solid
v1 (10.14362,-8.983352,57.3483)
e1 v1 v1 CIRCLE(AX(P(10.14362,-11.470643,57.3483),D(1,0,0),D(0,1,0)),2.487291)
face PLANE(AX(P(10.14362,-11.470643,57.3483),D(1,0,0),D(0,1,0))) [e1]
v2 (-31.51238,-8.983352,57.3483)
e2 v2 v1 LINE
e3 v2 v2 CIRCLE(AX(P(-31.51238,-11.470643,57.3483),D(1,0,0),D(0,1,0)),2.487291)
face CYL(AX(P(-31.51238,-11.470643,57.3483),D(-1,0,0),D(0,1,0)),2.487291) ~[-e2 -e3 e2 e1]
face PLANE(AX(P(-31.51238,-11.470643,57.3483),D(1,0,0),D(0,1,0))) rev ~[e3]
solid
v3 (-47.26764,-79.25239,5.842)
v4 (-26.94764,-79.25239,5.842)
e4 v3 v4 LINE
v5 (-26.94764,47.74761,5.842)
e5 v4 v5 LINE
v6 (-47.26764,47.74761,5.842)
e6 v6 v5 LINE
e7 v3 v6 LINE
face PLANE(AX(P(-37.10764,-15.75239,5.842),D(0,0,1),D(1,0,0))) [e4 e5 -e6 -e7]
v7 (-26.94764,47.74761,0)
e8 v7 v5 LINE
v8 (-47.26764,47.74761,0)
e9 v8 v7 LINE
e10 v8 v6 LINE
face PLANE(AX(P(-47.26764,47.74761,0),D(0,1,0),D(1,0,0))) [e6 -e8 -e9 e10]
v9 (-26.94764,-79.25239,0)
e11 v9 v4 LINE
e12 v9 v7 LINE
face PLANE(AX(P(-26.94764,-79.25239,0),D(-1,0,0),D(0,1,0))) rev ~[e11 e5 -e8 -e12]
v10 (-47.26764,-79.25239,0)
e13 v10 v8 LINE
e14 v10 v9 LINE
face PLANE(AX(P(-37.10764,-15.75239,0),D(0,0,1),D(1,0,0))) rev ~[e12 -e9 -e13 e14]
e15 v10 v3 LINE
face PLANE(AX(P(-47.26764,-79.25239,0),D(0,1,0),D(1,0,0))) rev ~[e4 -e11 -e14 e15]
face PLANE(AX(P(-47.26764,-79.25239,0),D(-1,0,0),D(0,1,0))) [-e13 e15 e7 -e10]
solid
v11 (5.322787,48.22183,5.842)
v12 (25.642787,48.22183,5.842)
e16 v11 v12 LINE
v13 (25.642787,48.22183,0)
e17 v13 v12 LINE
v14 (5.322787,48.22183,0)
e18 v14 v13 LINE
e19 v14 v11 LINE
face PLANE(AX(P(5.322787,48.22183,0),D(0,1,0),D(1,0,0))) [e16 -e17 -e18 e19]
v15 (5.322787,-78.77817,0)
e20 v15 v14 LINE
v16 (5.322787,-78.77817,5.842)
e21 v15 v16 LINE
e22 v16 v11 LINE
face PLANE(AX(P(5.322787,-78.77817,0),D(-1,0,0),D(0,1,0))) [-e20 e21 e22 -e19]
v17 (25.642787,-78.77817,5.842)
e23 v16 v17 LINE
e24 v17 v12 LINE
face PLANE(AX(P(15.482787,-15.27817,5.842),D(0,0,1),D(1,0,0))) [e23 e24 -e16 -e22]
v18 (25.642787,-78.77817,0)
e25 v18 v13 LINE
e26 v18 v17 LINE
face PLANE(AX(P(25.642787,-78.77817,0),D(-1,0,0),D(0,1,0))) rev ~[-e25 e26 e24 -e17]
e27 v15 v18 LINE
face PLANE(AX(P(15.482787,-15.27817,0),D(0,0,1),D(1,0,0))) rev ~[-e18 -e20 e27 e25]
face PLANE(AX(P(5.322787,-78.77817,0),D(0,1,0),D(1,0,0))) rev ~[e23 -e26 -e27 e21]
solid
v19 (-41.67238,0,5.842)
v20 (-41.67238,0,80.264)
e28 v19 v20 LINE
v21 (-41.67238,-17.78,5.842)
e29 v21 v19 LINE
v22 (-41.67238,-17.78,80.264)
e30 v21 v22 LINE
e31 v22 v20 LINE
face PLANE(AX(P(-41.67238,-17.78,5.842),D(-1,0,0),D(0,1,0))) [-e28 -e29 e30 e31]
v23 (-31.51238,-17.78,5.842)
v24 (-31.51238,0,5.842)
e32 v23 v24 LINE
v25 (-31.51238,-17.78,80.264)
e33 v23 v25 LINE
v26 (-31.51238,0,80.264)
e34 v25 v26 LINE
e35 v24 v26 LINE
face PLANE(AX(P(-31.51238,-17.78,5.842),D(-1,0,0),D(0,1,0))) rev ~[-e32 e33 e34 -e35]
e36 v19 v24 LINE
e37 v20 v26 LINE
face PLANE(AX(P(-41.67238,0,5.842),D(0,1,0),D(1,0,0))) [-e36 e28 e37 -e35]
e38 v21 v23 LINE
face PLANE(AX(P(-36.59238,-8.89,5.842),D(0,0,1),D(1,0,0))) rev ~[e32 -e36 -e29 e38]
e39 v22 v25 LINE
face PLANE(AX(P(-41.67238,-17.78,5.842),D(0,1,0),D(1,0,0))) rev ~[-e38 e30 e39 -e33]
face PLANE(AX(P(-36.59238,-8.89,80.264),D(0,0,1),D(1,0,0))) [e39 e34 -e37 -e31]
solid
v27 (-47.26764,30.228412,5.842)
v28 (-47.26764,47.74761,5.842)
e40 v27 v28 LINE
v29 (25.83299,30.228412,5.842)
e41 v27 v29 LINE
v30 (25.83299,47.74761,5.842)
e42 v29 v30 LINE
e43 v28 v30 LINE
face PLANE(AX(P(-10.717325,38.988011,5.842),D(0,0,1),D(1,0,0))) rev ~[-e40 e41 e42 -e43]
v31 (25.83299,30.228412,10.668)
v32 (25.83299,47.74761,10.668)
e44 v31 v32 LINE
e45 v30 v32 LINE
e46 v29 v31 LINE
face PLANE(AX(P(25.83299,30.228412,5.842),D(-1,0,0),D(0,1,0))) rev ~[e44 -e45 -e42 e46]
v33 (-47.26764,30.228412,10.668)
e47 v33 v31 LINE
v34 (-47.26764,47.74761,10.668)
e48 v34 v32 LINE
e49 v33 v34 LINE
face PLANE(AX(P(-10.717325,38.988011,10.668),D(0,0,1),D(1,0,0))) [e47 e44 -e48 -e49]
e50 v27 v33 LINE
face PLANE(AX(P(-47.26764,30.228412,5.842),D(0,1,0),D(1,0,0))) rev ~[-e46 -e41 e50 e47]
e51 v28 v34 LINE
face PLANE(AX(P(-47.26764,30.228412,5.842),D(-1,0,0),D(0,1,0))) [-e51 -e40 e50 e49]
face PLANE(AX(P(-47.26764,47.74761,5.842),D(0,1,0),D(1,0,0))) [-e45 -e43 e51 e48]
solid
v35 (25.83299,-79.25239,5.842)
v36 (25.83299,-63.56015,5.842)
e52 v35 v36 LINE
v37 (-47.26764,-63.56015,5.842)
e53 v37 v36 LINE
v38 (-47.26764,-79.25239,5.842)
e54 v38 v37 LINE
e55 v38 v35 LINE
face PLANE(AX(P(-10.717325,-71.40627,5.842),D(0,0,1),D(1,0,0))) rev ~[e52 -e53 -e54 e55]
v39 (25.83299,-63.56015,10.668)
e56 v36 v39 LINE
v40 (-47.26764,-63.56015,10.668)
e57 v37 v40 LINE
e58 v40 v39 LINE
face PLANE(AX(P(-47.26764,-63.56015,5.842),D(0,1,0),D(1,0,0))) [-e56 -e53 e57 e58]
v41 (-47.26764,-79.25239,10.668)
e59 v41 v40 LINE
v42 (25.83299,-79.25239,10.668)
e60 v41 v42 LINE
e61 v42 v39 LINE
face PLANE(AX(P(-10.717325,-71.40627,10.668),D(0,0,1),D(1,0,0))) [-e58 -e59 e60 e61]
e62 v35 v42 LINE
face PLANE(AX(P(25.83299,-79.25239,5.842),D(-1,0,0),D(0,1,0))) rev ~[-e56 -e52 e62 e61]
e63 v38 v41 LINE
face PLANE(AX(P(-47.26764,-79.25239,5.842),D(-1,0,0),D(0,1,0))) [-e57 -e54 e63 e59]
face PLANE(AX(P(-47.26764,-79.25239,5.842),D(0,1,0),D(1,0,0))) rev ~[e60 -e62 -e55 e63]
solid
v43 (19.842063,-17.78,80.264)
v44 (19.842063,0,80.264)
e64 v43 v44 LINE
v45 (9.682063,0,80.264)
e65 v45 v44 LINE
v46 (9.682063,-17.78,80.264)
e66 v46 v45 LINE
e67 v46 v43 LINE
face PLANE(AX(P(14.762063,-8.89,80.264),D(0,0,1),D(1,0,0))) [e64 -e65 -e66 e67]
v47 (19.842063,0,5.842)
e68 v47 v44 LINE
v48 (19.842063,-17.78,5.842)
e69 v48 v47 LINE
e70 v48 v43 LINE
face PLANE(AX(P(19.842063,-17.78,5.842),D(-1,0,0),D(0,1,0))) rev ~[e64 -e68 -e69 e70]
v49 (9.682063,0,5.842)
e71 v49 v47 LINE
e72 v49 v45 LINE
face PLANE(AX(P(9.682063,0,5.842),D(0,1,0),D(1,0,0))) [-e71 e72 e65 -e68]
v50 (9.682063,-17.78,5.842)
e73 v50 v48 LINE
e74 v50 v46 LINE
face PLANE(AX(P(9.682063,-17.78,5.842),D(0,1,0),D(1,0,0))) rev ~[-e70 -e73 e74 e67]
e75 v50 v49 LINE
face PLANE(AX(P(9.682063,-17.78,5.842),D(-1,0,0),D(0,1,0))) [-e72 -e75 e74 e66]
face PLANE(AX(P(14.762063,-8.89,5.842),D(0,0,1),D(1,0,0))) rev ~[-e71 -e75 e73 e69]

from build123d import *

# Parameters (mm, degrees)
F0_W     = 20.32
F0_H     = 127
F1_DEPTH = 5.842
F2_W     = 10.16
F2_H     = 17.78
F3_DEPTH = 74.422
F5_R     = 2.487291
F6_DEPTH = 41.656
F7_W     = 73.10063
F7_H     = 15.692239
F7_H_2   = 17.519198
F8_DEPTH = 4.826


with BuildPart() as f1:
    # F0 (on Top) → F1 (new body)
    with BuildSketch(Plane.XY):
        with Locations((-37.10764, -15.75239)):
            Rectangle(F0_W, F0_H)
        with Locations((15.482787, -15.27817)):
            Rectangle(F0_W, F0_H)
    extrude(amount=F1_DEPTH)


with BuildPart() as f3:
    # F2 (on face) → F3 (new body)
    with BuildSketch(Plane.XY.offset(5.842)):
        with Locations((-36.59238, -8.89)):
            Rectangle(F2_W, F2_H)
        with Locations((14.762063, -8.89)):
            Rectangle(F2_W, F2_H)
    extrude(amount=F3_DEPTH)


with BuildPart() as f6:
    # F5 (on face) → F6 (new body)
    with BuildSketch(Plane.YZ.offset(-31.51238)):
        with Locations((-11.470643, 57.3483)):
            Circle(F5_R)
    extrude(amount=F6_DEPTH)


with BuildPart() as f8:
    # F7 (on face) → F8 (new body)
    with BuildSketch(Plane.XY.offset(5.842)):
        with Locations((-10.717325, -71.40627)):
            Rectangle(F7_W, F7_H)
        with Locations((-10.717325, 38.988011)):
            Rectangle(F7_W, F7_H_2)
    extrude(amount=F8_DEPTH)


solid = Compound([f1.part, f3.part, f6.part, f8.part])
